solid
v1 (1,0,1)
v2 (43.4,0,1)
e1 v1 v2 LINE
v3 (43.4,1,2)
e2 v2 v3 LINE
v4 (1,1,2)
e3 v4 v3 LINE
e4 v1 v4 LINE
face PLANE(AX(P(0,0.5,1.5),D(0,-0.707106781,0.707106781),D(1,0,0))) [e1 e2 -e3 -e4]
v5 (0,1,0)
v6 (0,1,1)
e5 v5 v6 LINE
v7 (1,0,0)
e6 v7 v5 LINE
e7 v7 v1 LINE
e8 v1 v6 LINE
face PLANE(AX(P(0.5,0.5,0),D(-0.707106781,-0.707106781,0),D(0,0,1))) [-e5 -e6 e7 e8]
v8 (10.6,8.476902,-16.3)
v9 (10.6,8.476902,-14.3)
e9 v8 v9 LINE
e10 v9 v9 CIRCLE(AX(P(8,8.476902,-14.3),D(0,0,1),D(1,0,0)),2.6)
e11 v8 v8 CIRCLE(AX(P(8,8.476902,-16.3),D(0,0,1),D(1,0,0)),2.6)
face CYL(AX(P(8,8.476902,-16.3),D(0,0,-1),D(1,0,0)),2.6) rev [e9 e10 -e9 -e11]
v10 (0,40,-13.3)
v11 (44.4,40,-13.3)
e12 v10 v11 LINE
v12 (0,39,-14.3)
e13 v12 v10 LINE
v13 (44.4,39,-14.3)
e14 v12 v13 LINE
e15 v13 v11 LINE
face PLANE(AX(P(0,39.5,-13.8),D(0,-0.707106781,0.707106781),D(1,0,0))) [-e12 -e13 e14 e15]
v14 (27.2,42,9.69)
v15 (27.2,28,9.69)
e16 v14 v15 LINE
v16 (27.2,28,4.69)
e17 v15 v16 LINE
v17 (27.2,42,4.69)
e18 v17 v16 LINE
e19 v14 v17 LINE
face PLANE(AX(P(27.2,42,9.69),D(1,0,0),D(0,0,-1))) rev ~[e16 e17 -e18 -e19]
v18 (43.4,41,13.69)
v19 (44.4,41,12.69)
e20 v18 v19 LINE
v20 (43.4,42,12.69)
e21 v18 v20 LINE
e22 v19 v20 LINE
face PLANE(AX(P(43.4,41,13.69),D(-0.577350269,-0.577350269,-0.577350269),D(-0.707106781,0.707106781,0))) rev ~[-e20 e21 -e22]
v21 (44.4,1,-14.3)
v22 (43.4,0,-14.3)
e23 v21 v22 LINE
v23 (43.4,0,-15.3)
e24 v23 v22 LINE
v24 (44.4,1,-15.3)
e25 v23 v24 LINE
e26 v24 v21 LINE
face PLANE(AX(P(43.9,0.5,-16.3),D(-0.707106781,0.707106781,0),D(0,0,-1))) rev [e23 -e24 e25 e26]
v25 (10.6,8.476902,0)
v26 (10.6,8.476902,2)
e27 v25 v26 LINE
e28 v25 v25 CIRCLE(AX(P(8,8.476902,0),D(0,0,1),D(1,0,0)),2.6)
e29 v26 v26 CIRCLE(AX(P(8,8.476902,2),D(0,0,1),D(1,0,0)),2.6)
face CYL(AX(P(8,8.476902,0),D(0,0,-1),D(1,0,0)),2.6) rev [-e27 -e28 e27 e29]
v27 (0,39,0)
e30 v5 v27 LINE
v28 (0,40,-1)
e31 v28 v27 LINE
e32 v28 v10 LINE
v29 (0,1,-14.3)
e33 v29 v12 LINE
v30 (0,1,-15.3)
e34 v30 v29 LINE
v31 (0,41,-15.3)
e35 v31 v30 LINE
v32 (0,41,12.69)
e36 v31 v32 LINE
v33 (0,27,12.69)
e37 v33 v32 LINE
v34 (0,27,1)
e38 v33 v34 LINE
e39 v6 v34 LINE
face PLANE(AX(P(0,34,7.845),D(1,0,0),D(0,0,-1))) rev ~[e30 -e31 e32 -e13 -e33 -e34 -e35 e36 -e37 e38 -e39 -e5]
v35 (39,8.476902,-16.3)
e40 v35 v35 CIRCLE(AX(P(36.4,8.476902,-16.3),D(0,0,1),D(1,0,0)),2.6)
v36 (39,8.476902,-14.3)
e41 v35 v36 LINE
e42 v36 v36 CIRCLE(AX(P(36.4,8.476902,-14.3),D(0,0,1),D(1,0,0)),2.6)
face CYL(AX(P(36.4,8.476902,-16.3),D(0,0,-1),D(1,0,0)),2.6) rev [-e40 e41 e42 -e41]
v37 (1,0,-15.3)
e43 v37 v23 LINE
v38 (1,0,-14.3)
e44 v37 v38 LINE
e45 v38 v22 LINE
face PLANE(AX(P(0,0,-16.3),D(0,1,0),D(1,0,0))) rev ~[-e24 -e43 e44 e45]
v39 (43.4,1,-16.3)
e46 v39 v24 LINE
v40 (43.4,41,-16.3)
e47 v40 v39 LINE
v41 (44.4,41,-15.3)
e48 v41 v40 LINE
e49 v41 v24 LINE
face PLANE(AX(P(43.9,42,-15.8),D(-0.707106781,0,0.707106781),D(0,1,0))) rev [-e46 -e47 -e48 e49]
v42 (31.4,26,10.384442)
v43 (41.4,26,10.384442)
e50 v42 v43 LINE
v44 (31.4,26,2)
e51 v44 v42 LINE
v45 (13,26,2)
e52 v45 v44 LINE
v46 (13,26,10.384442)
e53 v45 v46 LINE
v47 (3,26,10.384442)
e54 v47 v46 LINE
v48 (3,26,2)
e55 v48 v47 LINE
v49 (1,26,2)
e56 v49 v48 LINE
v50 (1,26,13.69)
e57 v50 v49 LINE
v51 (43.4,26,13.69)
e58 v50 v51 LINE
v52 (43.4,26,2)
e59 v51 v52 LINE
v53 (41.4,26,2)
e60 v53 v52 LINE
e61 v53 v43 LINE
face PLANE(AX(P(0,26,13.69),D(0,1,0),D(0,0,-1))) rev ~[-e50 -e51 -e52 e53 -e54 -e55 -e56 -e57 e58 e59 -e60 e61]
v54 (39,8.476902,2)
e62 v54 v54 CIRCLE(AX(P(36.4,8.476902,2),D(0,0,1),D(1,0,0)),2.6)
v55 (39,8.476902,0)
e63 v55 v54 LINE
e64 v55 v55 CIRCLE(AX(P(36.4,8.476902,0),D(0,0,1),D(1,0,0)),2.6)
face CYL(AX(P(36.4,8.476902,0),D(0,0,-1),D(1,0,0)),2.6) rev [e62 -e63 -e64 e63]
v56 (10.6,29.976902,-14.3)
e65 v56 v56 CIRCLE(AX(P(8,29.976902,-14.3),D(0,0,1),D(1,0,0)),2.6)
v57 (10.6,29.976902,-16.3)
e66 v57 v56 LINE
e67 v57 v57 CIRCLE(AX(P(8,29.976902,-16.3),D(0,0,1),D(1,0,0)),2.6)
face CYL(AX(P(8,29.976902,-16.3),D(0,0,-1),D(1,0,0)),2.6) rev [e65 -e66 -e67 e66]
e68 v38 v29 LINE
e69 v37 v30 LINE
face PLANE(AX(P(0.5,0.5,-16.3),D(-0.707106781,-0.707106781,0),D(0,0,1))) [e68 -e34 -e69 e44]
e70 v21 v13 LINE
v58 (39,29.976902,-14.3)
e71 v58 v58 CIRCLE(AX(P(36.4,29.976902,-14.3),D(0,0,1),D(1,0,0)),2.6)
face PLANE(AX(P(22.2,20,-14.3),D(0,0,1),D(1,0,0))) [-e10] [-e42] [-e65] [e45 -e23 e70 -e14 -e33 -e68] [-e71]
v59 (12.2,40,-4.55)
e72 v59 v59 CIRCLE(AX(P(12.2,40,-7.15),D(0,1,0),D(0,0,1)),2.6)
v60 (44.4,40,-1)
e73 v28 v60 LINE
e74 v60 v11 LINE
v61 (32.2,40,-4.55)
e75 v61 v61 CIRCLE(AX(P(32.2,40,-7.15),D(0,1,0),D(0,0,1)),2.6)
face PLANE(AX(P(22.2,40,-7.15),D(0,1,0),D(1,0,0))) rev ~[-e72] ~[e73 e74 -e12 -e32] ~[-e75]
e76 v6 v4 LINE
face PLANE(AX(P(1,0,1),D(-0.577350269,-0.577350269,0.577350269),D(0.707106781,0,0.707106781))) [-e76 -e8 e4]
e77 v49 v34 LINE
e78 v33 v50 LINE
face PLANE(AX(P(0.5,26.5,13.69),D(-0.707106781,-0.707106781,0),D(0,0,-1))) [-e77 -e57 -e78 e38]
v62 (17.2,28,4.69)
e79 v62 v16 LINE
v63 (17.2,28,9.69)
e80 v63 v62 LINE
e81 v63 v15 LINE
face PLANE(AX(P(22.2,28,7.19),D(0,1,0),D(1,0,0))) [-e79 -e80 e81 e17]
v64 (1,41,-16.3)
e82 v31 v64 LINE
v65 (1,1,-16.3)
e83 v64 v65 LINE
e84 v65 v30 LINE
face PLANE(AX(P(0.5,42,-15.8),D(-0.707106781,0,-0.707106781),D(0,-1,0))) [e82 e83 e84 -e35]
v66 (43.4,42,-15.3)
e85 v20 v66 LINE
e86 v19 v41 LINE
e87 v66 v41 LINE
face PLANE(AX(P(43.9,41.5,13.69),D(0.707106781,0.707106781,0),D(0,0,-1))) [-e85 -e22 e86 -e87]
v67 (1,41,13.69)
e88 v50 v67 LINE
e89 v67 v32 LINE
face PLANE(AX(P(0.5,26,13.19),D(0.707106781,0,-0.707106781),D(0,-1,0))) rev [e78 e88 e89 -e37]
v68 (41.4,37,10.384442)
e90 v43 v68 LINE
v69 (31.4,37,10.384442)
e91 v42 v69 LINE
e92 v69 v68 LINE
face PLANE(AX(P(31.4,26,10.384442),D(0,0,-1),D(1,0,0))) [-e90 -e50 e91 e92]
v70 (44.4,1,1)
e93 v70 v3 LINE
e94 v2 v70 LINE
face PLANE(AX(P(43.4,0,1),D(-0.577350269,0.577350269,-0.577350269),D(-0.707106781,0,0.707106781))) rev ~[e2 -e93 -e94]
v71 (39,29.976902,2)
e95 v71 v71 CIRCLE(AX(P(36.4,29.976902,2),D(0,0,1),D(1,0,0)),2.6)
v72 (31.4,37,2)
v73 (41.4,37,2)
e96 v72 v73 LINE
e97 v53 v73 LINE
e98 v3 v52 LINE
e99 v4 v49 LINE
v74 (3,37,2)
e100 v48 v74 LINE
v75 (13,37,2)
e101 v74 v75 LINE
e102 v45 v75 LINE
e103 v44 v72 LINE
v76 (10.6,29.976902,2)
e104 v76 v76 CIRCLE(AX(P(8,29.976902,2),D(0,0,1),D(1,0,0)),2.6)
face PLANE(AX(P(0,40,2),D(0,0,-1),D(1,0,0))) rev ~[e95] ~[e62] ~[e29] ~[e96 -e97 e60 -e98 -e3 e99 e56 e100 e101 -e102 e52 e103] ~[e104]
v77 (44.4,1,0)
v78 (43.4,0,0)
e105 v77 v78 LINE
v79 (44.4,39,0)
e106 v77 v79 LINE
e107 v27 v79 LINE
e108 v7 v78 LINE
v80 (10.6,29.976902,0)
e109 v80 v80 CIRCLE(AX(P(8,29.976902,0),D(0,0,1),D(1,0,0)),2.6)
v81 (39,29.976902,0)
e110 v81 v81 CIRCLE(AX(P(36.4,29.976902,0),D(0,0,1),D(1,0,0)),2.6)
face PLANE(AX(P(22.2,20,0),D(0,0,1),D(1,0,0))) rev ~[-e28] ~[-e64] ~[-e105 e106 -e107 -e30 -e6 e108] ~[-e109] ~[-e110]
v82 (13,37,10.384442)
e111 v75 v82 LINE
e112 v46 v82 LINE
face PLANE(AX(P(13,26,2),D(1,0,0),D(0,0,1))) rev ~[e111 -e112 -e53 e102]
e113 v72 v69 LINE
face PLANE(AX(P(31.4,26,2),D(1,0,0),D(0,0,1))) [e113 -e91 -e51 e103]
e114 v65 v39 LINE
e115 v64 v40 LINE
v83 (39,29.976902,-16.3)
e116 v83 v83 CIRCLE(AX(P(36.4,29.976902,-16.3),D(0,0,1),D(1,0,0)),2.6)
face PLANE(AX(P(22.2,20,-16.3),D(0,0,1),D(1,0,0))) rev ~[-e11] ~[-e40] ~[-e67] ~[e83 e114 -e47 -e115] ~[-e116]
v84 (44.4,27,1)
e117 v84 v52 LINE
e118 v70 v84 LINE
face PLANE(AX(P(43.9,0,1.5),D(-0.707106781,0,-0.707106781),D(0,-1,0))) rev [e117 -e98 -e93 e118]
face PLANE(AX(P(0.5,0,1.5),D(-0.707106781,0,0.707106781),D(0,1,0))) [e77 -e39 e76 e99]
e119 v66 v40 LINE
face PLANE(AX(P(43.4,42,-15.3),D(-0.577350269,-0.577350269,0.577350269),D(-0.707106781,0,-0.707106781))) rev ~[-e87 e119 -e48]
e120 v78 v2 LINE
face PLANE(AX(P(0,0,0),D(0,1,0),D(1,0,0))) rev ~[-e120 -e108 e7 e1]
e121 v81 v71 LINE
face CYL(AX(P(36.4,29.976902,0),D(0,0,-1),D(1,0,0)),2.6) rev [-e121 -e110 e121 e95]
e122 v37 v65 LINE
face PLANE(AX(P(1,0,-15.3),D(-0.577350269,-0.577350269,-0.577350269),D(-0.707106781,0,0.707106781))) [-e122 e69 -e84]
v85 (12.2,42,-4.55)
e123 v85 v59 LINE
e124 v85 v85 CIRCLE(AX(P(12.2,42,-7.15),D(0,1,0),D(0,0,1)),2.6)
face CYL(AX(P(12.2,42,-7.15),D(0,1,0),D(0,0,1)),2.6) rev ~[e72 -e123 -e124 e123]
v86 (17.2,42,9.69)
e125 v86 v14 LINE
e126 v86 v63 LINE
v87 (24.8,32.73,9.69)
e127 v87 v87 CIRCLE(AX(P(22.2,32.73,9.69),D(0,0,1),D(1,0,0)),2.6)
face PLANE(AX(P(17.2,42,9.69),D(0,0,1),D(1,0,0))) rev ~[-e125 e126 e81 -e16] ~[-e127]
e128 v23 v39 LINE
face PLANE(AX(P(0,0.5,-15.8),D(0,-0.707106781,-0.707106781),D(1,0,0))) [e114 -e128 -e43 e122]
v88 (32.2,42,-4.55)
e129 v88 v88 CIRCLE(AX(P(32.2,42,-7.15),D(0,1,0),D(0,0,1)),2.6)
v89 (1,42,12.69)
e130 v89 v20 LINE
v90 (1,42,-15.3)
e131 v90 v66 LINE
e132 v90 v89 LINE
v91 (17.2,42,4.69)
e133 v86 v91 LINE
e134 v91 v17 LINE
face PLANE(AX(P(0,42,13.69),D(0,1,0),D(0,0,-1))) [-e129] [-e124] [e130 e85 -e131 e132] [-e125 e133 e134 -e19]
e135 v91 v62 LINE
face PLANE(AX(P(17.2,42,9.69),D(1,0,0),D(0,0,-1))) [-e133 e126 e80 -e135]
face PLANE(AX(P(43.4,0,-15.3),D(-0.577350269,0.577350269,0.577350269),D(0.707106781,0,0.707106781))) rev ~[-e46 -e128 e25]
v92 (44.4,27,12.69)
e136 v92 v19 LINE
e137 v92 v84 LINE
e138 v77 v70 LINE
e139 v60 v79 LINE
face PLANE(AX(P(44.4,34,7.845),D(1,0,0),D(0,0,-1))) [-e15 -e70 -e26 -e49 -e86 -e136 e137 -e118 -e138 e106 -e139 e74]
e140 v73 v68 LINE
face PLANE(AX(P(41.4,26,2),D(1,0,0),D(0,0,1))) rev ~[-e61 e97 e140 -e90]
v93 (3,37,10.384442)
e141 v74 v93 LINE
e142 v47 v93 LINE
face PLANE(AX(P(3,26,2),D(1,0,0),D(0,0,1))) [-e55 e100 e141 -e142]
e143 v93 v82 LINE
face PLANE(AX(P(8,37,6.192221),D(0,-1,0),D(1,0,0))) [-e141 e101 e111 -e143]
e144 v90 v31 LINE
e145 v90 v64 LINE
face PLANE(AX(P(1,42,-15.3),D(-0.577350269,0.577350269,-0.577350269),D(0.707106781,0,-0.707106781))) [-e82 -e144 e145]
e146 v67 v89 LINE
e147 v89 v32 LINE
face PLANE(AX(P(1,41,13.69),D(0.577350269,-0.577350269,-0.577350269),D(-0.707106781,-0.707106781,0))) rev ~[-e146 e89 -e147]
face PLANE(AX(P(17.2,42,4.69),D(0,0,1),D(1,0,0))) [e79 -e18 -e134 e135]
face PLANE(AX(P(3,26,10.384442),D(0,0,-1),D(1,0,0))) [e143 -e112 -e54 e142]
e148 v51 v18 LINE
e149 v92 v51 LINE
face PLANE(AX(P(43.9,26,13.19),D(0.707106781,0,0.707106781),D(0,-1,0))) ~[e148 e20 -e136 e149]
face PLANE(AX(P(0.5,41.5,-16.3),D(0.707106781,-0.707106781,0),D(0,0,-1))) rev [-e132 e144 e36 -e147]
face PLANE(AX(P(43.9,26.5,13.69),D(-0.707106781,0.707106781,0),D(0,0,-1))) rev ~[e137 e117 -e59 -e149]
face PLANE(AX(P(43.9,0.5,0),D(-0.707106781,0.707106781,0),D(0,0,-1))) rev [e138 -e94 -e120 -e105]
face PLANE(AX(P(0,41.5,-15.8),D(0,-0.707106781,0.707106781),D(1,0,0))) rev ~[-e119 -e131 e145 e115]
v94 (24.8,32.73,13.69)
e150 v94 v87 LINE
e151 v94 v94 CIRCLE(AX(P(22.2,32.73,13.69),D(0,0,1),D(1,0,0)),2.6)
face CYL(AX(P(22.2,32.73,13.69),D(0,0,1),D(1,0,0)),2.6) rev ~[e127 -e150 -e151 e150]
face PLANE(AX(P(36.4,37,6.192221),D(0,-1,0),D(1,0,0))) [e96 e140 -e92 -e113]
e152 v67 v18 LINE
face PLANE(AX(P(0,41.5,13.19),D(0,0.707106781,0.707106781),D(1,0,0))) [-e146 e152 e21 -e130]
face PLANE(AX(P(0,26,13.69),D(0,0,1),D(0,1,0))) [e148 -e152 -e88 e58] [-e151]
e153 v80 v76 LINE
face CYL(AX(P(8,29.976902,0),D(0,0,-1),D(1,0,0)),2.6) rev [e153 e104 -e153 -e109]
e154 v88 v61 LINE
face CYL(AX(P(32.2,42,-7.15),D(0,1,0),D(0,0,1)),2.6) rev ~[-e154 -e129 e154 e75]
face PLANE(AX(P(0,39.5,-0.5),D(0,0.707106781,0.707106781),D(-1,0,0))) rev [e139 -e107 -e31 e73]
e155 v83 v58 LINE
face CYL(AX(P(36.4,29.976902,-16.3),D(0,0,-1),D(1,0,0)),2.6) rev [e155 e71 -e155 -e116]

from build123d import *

# Parameters (mm, degrees)
SKETCH1_W           = 44.4
SKETCH1_H           = 40
SKETCH1_R           = 2.6
BOSS_EXTRUDE1_DEPTH = 2
SKETCH2_W           = 44.4
SKETCH2_H           = 18.3
BOSS_EXTRUDE2_DEPTH = 2
LPATTERN1_COUNT     = 2
LPATTERN1_PITCH     = 16.3
SKETCH3_R           = 2.6
CUT_EXTRUDE1_DEPTH  = 64.253853638
BOSS_EXTRUDE3_START = -22.2
SKETCH6_W           = 11.69
SKETCH6_H           = 16
BOSS_EXTRUDE3_DEPTH = 44.4
FILLET4_SIZE        = 1
SKETCH11_W          = 10
SKETCH11_H          = 5
CUT_EXTRUDE6_DEPTH  = 14
SKETCH12_W          = 10
SKETCH12_H          = 8.384441544
CUT_EXTRUDE7_DEPTH  = 11
SKETCH7_R           = 2.6
CUT_EXTRUDE2_DEPTH  = 9


with BuildPart() as part:
    # Sketch1 → Boss-Extrude1 (new body)
    with BuildSketch(Plane.XY):
        with Locations((22.2, 20)):
            Rectangle(SKETCH1_W, SKETCH1_H)
        with Locations((8, 8.476902454)):
            Circle(SKETCH1_R, mode=Mode.SUBTRACT)
        with Locations((8, 29.976902454)):
            Circle(SKETCH1_R, mode=Mode.SUBTRACT)
        with Locations((36.4, 29.976902454)):
            Circle(SKETCH1_R, mode=Mode.SUBTRACT)
        with Locations((36.4, 8.476902454)):
            Circle(SKETCH1_R, mode=Mode.SUBTRACT)
    boss_extrude1 = extrude(amount=BOSS_EXTRUDE1_DEPTH)

    # Sketch2 → Boss-Extrude2 (add)
    with BuildSketch(Plane(origin=(0, 40, 0), x_dir=(1, 0, 0), z_dir=(0, 1, 0))):
        with Locations((22.2, 7.15)):
            Rectangle(SKETCH2_W, SKETCH2_H)
    extrude(amount=BOSS_EXTRUDE2_DEPTH)

    # LPattern1: Boss-Extrude1 ×2
    with Locations(*[(0, 0, -i * LPATTERN1_PITCH) for i in range(1, LPATTERN1_COUNT)]):
        add(boss_extrude1)

    # Sketch3 → Cut-Extrude1 (cut, through all)
    with BuildSketch(Plane(origin=(0, 42, 0), x_dir=(1, 0, 0), z_dir=(0, 1, 0))):
        with Locations(Location((12.2, 7.15, 0), (0, 0, 270))):
            Circle(SKETCH3_R)
        with Locations(Location((32.2, 7.15, 0), (0, 0, 270))):
            Circle(SKETCH3_R)
    extrude(amount=-CUT_EXTRUDE1_DEPTH, mode=Mode.SUBTRACT)

    # Sketch6 → Boss-Extrude3 (add)
    with BuildSketch(Plane(origin=(22.2, 0, 0), x_dir=(0, 0, -1), z_dir=(1, 0, 0)).offset(BOSS_EXTRUDE3_START)):
        with Locations((-7.845, 34)):
            Rectangle(SKETCH6_W, SKETCH6_H)
    extrude(amount=BOSS_EXTRUDE3_DEPTH)

    # Fillet4
    fillet4_edges = [part.edges().sort_by_distance(p)[0] for p in [
        (44.4, 13, 2),
        (0, 21, -16.3),
        (44.4, 21, -16.3),
        (0, 42, -1.305),
        (44.4, 42, -1.305),
        (22.2, 42, -16.3),
        (22.2, 40, -14.3),
        (22.2, 0, -16.3),
        (0, 0, -15.3),
        (44.4, 0, -15.3),
        (22.2, 40, 0),
        (0, 13, 2),
        (44.4, 26, 7.845),
        (44.4, 34, 13.69),
        (22.2, 42, 13.69),
        (0, 26, 7.845),
        (0, 34, 13.69),
        (44.4, 0, 1),
        (0, 0, 1),
        (22.2, 0, 2),
    ]]
    chamfer(fillet4_edges, length=FILLET4_SIZE)

    # Sketch11 → Cut-Extrude6 (cut)
    with BuildSketch(Plane(origin=(0, 42, 0), x_dir=(1, 0, 0), z_dir=(0, 1, 0))):
        with Locations((22.2, -7.19)):
            Rectangle(SKETCH11_W, SKETCH11_H)
    extrude(amount=-CUT_EXTRUDE6_DEPTH, mode=Mode.SUBTRACT)

    # Sketch12 → Cut-Extrude7 (cut)
    with BuildSketch(Plane.XZ.offset(-26)):
        with Locations((8, 6.192220772)):
            Rectangle(SKETCH12_W, SKETCH12_H)
        with Locations((36.4, 6.192220772)):
            Rectangle(SKETCH12_W, SKETCH12_H)
    extrude(amount=-CUT_EXTRUDE7_DEPTH, mode=Mode.SUBTRACT)

    # Sketch7 → Cut-Extrude2 (cut)
    with BuildSketch(Plane.XY.offset(13.69)):
        with Locations((22.2, 32.73)):
            Circle(SKETCH7_R)
    extrude(amount=-CUT_EXTRUDE2_DEPTH, mode=Mode.SUBTRACT)


solid = part.part
